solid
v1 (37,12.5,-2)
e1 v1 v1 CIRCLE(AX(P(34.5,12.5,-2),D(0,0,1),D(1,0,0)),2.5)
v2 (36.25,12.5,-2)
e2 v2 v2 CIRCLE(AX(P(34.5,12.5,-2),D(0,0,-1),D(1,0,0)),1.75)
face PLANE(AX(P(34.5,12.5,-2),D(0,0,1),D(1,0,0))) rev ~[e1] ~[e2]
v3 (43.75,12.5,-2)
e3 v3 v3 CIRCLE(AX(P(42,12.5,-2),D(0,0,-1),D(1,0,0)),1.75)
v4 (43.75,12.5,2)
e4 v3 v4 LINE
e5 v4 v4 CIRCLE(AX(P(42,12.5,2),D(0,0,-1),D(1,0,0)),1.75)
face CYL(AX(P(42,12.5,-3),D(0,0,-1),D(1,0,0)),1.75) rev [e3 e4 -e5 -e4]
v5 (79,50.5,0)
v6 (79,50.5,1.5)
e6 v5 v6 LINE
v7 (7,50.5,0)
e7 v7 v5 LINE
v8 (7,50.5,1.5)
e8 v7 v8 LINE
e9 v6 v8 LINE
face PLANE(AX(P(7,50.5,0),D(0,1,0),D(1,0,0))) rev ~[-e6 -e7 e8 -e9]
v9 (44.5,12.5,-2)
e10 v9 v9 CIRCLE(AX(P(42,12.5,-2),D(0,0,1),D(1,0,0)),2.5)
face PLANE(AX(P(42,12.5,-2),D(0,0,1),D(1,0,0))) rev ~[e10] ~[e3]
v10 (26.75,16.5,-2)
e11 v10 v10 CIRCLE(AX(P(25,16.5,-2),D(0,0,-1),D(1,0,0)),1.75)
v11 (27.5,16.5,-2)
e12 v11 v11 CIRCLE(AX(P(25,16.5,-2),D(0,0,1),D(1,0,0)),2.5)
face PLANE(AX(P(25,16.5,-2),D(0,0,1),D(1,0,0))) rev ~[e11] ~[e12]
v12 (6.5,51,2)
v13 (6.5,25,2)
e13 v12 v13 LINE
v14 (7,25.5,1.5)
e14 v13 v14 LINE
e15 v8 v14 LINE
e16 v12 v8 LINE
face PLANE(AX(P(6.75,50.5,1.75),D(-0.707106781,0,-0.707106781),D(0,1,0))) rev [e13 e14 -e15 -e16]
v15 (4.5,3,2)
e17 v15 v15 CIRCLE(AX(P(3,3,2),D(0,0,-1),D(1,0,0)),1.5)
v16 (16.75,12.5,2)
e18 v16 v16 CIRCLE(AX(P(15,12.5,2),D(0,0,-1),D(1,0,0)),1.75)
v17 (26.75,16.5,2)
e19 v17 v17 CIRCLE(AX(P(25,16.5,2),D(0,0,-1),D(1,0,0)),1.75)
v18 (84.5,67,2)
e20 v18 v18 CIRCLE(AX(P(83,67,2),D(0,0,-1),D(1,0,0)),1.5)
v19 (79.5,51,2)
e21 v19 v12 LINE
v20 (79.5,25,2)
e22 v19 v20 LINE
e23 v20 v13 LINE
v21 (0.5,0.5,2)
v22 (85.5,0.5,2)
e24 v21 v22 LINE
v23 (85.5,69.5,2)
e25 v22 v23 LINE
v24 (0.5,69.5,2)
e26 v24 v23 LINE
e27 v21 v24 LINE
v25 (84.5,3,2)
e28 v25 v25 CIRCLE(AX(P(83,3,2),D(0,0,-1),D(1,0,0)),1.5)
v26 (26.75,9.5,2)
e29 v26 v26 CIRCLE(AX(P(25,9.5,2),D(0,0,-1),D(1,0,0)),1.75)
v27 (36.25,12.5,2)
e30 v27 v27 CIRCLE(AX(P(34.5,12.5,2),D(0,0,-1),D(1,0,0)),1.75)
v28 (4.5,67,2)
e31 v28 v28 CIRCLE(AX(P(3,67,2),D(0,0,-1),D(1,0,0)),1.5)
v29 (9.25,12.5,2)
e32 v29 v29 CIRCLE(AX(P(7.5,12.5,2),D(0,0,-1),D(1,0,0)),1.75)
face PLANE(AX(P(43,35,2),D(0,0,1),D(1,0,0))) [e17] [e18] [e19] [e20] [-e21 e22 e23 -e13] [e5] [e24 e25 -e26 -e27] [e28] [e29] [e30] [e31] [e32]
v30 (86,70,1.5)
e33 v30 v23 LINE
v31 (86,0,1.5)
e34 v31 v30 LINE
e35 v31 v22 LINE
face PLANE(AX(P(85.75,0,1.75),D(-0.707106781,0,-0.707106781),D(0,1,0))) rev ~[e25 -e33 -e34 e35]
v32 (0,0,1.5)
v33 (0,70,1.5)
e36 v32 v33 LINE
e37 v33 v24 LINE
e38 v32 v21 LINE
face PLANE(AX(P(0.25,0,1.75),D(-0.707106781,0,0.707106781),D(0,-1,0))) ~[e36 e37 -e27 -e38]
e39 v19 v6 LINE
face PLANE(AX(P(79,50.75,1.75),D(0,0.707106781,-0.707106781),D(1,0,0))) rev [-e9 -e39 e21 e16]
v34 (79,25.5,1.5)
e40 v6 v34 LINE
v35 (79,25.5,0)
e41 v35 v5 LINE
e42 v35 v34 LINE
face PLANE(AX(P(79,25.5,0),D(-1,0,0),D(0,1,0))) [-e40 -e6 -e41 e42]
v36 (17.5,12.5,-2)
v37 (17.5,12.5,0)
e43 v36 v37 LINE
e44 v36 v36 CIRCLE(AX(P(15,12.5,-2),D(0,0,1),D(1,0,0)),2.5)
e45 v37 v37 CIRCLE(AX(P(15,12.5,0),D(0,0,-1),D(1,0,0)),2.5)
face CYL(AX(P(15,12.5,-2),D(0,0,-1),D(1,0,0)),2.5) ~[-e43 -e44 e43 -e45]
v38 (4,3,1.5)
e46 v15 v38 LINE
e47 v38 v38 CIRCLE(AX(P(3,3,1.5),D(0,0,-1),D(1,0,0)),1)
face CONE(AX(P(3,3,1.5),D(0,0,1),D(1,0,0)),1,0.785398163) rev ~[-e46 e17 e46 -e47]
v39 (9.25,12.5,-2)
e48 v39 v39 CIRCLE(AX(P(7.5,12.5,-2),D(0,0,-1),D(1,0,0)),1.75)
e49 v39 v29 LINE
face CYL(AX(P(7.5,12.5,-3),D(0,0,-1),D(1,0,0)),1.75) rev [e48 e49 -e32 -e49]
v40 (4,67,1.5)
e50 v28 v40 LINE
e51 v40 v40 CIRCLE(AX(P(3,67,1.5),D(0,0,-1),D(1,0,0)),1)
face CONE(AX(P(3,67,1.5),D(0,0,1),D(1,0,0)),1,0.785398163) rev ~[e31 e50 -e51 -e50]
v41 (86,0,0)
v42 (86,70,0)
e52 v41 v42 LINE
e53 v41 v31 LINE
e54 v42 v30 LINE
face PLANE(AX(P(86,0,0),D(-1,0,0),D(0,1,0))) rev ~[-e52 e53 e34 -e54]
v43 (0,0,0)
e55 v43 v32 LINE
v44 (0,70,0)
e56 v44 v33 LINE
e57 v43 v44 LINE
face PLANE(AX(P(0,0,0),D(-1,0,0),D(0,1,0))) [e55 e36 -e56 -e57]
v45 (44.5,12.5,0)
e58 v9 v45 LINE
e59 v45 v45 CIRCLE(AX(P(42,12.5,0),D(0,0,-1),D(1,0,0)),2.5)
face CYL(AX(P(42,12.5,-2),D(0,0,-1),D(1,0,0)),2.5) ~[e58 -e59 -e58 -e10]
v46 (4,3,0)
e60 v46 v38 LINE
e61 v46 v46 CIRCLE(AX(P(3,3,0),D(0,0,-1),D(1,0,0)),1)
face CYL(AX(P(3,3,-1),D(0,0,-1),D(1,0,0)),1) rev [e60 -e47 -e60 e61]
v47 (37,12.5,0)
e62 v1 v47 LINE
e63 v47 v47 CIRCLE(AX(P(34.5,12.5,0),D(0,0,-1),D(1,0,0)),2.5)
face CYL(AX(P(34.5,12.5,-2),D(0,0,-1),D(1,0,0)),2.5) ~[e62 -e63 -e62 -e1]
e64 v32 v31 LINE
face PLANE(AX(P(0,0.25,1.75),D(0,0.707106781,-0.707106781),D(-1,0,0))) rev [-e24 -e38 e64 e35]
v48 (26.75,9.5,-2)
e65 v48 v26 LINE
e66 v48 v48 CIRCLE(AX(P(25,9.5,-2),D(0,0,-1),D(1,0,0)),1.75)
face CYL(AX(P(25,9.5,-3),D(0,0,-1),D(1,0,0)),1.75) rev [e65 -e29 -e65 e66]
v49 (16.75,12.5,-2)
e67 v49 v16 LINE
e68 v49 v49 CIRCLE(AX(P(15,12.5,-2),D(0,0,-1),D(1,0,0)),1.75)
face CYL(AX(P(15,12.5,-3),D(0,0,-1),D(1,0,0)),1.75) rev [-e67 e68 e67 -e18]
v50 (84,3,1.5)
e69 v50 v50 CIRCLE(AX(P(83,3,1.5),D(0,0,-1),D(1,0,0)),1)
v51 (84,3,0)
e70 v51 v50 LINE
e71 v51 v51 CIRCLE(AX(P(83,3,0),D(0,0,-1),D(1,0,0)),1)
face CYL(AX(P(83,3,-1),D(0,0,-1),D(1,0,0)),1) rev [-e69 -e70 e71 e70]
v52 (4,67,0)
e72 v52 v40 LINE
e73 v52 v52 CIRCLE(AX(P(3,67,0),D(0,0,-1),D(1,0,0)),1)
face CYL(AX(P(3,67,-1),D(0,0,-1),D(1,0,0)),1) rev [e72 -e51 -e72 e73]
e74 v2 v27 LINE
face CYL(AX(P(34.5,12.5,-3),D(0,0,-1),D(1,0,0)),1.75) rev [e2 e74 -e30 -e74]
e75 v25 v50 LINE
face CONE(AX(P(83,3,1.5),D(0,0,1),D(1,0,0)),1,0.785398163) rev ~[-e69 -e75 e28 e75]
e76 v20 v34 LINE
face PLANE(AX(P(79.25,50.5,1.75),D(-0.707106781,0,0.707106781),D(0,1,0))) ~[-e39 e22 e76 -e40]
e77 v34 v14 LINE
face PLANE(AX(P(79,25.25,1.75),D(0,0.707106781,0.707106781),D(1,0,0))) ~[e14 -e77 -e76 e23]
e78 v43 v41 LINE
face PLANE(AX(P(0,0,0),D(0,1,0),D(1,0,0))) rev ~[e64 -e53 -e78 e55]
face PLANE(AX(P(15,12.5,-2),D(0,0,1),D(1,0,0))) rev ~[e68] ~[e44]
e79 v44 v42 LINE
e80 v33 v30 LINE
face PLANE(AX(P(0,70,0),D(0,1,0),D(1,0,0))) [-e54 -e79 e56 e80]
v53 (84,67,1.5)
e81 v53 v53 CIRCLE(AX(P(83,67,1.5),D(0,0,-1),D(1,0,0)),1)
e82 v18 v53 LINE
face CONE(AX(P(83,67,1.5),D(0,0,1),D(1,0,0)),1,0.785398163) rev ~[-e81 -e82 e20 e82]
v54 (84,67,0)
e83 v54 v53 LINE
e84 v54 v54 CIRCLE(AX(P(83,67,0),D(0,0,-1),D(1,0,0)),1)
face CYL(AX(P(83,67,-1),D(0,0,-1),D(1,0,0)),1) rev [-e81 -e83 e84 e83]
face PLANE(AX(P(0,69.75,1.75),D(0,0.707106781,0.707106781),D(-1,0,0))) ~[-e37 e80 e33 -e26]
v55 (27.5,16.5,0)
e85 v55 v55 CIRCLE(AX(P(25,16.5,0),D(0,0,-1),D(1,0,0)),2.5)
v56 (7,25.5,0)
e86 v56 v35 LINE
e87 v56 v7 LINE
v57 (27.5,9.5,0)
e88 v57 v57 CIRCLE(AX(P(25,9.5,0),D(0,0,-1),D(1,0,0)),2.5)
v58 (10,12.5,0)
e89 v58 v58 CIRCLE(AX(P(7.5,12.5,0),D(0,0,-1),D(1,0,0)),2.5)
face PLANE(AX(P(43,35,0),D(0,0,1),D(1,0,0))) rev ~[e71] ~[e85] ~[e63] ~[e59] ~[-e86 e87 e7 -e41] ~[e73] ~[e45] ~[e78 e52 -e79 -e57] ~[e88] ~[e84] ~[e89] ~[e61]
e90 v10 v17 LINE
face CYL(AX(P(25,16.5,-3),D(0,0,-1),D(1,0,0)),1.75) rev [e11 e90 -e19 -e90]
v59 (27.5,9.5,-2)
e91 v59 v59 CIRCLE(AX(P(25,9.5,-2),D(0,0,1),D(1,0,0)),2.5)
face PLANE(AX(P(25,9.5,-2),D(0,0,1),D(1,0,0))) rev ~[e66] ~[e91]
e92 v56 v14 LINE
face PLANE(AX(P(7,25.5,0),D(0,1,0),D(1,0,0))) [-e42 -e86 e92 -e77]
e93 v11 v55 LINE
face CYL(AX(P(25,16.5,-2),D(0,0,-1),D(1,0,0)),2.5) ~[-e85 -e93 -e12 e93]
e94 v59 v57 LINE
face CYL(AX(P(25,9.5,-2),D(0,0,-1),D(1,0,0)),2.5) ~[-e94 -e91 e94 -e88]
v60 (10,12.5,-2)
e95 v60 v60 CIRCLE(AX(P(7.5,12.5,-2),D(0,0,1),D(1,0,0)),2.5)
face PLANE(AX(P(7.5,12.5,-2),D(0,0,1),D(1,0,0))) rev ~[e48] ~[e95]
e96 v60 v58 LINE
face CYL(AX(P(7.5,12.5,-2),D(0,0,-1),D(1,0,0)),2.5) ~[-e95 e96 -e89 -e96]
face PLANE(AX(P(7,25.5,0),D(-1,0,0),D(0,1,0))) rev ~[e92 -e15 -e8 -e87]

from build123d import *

# Parameters (mm, degrees)
CYLINDER009_R     = 1.75
CYLINDER009_DEPTH = 10
CYLINDER010_R     = 2.5
CYLINDER010_DEPTH = 4
CYLINDER008_R     = 1.75
CYLINDER008_DEPTH = 10
CYLINDER011_R     = 2.5
CYLINDER011_DEPTH = 4
CYLINDER007_R     = 1.75
CYLINDER007_DEPTH = 10
CYLINDER013_R     = 2.5
CYLINDER013_DEPTH = 4
CYLINDER006_R     = 1.75
CYLINDER006_DEPTH = 10
CYLINDER012_R     = 2.5
CYLINDER012_DEPTH = 4
CYLINDER005_R     = 1.75
CYLINDER005_DEPTH = 10
CYLINDER014_R     = 2.5
CYLINDER014_DEPTH = 4
CYLINDER004_R     = 1.75
CYLINDER004_DEPTH = 10
CYLINDER015_R     = 2.5
CYLINDER015_DEPTH = 4
CYLINDER003_R     = 1
CYLINDER003_DEPTH = 10
CYLINDER002_R     = 1
CYLINDER002_DEPTH = 10
CYLINDER001_R     = 1
CYLINDER001_DEPTH = 10
CYLINDER_R        = 1
CYLINDER_DEPTH    = 10
BOX001_W          = 72
BOX001_H          = 25
BOX001_DEPTH      = 10
BOX_W             = 86
BOX_H             = 70
BOX_DEPTH         = 2
CHAMFER_SIZE      = 0.5
CHAMFER001_SIZE   = 0.5


with BuildPart() as cilindro009:
    # Cylinder009 → Cylinder009 (new body)
    with BuildSketch(Plane(origin=(42, 12.5, -3), x_dir=(1, 0, 0), z_dir=(0, 0, 1))):
        Circle(CYLINDER009_R)
    extrude(amount=CYLINDER009_DEPTH)


with BuildPart() as cut011:
    # Cylinder010 → Cylinder010 (new body)
    with BuildSketch(Plane(origin=(42, 12.5, -2), x_dir=(1, 0, 0), z_dir=(0, 0, 1))):
        Circle(CYLINDER010_R)
    extrude(amount=CYLINDER010_DEPTH)

    # Cut011: cut Cilindro009
    add(cilindro009.part, mode=Mode.SUBTRACT)


with BuildPart() as cilindro008:
    # Cylinder008 → Cylinder008 (new body)
    with BuildSketch(Plane(origin=(34.5, 12.5, -3), x_dir=(1, 0, 0), z_dir=(0, 0, 1))):
        Circle(CYLINDER008_R)
    extrude(amount=CYLINDER008_DEPTH)


with BuildPart() as cut012:
    # Cylinder011 → Cylinder011 (new body)
    with BuildSketch(Plane(origin=(34.5, 12.5, -2), x_dir=(1, 0, 0), z_dir=(0, 0, 1))):
        Circle(CYLINDER011_R)
    extrude(amount=CYLINDER011_DEPTH)

    # Cut012: cut Cilindro008
    add(cilindro008.part, mode=Mode.SUBTRACT)


with BuildPart() as cilindro007:
    # Cylinder007 → Cylinder007 (new body)
    with BuildSketch(Plane(origin=(25, 9.5, -3), x_dir=(1, 0, 0), z_dir=(0, 0, 1))):
        Circle(CYLINDER007_R)
    extrude(amount=CYLINDER007_DEPTH)


with BuildPart() as cut013:
    # Cylinder013 → Cylinder013 (new body)
    with BuildSketch(Plane(origin=(25, 9.5, -2), x_dir=(1, 0, 0), z_dir=(0, 0, 1))):
        Circle(CYLINDER013_R)
    extrude(amount=CYLINDER013_DEPTH)

    # Cut013: cut Cilindro007
    add(cilindro007.part, mode=Mode.SUBTRACT)


with BuildPart() as cilindro006:
    # Cylinder006 → Cylinder006 (new body)
    with BuildSketch(Plane(origin=(25, 16.5, -3), x_dir=(1, 0, 0), z_dir=(0, 0, 1))):
        Circle(CYLINDER006_R)
    extrude(amount=CYLINDER006_DEPTH)


with BuildPart() as cut014:
    # Cylinder012 → Cylinder012 (new body)
    with BuildSketch(Plane(origin=(25, 16.5, -2), x_dir=(1, 0, 0), z_dir=(0, 0, 1))):
        Circle(CYLINDER012_R)
    extrude(amount=CYLINDER012_DEPTH)

    # Cut014: cut Cilindro006
    add(cilindro006.part, mode=Mode.SUBTRACT)


with BuildPart() as cilindro005:
    # Cylinder005 → Cylinder005 (new body)
    with BuildSketch(Plane(origin=(15, 12.5, -3), x_dir=(1, 0, 0), z_dir=(0, 0, 1))):
        Circle(CYLINDER005_R)
    extrude(amount=CYLINDER005_DEPTH)


with BuildPart() as cut015:
    # Cylinder014 → Cylinder014 (new body)
    with BuildSketch(Plane(origin=(15, 12.5, -2), x_dir=(1, 0, 0), z_dir=(0, 0, 1))):
        Circle(CYLINDER014_R)
    extrude(amount=CYLINDER014_DEPTH)

    # Cut015: cut Cilindro005
    add(cilindro005.part, mode=Mode.SUBTRACT)


with BuildPart() as cilindro004:
    # Cylinder004 → Cylinder004 (new body)
    with BuildSketch(Plane(origin=(7.5, 12.5, -3), x_dir=(1, 0, 0), z_dir=(0, 0, 1))):
        Circle(CYLINDER004_R)
    extrude(amount=CYLINDER004_DEPTH)


with BuildPart() as cut016:
    # Cylinder015 → Cylinder015 (new body)
    with BuildSketch(Plane(origin=(7.5, 12.5, -2), x_dir=(1, 0, 0), z_dir=(0, 0, 1))):
        Circle(CYLINDER015_R)
    extrude(amount=CYLINDER015_DEPTH)

    # Cut016: cut Cilindro004
    add(cilindro004.part, mode=Mode.SUBTRACT)


with BuildPart() as cilindro003:
    # Cylinder003 → Cylinder003 (new body)
    with BuildSketch(Plane(origin=(83, 67, -1), x_dir=(1, 0, 0), z_dir=(0, 0, 1))):
        Circle(CYLINDER003_R)
    extrude(amount=CYLINDER003_DEPTH)


with BuildPart() as cilindro002:
    # Cylinder002 → Cylinder002 (new body)
    with BuildSketch(Plane(origin=(83, 3, -1), x_dir=(1, 0, 0), z_dir=(0, 0, 1))):
        Circle(CYLINDER002_R)
    extrude(amount=CYLINDER002_DEPTH)


with BuildPart() as cilindro001:
    # Cylinder001 → Cylinder001 (new body)
    with BuildSketch(Plane(origin=(3, 67, -1), x_dir=(1, 0, 0), z_dir=(0, 0, 1))):
        Circle(CYLINDER001_R)
    extrude(amount=CYLINDER001_DEPTH)


with BuildPart() as cilindro:
    # Cylinder → Cylinder (new body)
    with BuildSketch(Plane(origin=(3, 3, -1), x_dir=(1, 0, 0), z_dir=(0, 0, 1))):
        Circle(CYLINDER_R)
    extrude(amount=CYLINDER_DEPTH)


with BuildPart() as cubo001:
    # Box001 → Box001 (new body)
    with BuildSketch(Plane(origin=(7, 25.5, 0), x_dir=(1, 0, 0), z_dir=(0, 0, 1))):
        with Locations((36, 12.5)):
            Rectangle(BOX001_W, BOX001_H)
    extrude(amount=BOX001_DEPTH)


with BuildPart() as fusion001:
    # Box → Box (new body)
    with BuildSketch(Plane.XY):
        with Locations((43, 35)):
            Rectangle(BOX_W, BOX_H)
    extrude(amount=BOX_DEPTH)

    # Cut: cut Cubo001
    add(cubo001.part, mode=Mode.SUBTRACT)

    # Cut001: cut Cilindro
    add(cilindro.part, mode=Mode.SUBTRACT)

    # Cut002: cut Cilindro001
    add(cilindro001.part, mode=Mode.SUBTRACT)

    # Cut003: cut Cilindro002
    add(cilindro002.part, mode=Mode.SUBTRACT)

    # Cut004: cut Cilindro003
    add(cilindro003.part, mode=Mode.SUBTRACT)

    # Cut005: cut Cilindro004
    add(cilindro004.part, mode=Mode.SUBTRACT)

    # Cut006: cut Cilindro005
    add(cilindro005.part, mode=Mode.SUBTRACT)

    # Cut007: cut Cilindro006
    add(cilindro006.part, mode=Mode.SUBTRACT)

    # Cut008: cut Cilindro007
    add(cilindro007.part, mode=Mode.SUBTRACT)

    # Cut009: cut Cilindro008
    add(cilindro008.part, mode=Mode.SUBTRACT)

    # Cut010: cut Cilindro009
    add(cilindro009.part, mode=Mode.SUBTRACT)

    # Chamfer
    chamfer_edges = [fusion001.edges().sort_by_distance(p)[0] for p in [
        (0, 35, 2),
        (43, 0, 2),
        (43, 70, 2),
        (86, 35, 2),
        (43, 25.5, 2),
        (79, 38, 2),
        (7, 38, 2),
        (43, 50.5, 2),
    ]]
    chamfer(chamfer_edges, length=CHAMFER_SIZE)

    # Chamfer001
    chamfer001_edges = [fusion001.edges().sort_by_distance(p)[0] for p in [
        (2, 3, 2),
        (82, 3, 2),
        (2, 67, 2),
        (82, 67, 2),
    ]]
    chamfer(chamfer001_edges, length=CHAMFER001_SIZE)

    # Fusion: union Cut011, Cut012, Cut013, Cut014, Cut015, Cut016
    add(cut011.part)
    add(cut012.part)
    add(cut013.part)
    add(cut014.part)
    add(cut015.part)
    add(cut016.part)


solid = fusion001.part
